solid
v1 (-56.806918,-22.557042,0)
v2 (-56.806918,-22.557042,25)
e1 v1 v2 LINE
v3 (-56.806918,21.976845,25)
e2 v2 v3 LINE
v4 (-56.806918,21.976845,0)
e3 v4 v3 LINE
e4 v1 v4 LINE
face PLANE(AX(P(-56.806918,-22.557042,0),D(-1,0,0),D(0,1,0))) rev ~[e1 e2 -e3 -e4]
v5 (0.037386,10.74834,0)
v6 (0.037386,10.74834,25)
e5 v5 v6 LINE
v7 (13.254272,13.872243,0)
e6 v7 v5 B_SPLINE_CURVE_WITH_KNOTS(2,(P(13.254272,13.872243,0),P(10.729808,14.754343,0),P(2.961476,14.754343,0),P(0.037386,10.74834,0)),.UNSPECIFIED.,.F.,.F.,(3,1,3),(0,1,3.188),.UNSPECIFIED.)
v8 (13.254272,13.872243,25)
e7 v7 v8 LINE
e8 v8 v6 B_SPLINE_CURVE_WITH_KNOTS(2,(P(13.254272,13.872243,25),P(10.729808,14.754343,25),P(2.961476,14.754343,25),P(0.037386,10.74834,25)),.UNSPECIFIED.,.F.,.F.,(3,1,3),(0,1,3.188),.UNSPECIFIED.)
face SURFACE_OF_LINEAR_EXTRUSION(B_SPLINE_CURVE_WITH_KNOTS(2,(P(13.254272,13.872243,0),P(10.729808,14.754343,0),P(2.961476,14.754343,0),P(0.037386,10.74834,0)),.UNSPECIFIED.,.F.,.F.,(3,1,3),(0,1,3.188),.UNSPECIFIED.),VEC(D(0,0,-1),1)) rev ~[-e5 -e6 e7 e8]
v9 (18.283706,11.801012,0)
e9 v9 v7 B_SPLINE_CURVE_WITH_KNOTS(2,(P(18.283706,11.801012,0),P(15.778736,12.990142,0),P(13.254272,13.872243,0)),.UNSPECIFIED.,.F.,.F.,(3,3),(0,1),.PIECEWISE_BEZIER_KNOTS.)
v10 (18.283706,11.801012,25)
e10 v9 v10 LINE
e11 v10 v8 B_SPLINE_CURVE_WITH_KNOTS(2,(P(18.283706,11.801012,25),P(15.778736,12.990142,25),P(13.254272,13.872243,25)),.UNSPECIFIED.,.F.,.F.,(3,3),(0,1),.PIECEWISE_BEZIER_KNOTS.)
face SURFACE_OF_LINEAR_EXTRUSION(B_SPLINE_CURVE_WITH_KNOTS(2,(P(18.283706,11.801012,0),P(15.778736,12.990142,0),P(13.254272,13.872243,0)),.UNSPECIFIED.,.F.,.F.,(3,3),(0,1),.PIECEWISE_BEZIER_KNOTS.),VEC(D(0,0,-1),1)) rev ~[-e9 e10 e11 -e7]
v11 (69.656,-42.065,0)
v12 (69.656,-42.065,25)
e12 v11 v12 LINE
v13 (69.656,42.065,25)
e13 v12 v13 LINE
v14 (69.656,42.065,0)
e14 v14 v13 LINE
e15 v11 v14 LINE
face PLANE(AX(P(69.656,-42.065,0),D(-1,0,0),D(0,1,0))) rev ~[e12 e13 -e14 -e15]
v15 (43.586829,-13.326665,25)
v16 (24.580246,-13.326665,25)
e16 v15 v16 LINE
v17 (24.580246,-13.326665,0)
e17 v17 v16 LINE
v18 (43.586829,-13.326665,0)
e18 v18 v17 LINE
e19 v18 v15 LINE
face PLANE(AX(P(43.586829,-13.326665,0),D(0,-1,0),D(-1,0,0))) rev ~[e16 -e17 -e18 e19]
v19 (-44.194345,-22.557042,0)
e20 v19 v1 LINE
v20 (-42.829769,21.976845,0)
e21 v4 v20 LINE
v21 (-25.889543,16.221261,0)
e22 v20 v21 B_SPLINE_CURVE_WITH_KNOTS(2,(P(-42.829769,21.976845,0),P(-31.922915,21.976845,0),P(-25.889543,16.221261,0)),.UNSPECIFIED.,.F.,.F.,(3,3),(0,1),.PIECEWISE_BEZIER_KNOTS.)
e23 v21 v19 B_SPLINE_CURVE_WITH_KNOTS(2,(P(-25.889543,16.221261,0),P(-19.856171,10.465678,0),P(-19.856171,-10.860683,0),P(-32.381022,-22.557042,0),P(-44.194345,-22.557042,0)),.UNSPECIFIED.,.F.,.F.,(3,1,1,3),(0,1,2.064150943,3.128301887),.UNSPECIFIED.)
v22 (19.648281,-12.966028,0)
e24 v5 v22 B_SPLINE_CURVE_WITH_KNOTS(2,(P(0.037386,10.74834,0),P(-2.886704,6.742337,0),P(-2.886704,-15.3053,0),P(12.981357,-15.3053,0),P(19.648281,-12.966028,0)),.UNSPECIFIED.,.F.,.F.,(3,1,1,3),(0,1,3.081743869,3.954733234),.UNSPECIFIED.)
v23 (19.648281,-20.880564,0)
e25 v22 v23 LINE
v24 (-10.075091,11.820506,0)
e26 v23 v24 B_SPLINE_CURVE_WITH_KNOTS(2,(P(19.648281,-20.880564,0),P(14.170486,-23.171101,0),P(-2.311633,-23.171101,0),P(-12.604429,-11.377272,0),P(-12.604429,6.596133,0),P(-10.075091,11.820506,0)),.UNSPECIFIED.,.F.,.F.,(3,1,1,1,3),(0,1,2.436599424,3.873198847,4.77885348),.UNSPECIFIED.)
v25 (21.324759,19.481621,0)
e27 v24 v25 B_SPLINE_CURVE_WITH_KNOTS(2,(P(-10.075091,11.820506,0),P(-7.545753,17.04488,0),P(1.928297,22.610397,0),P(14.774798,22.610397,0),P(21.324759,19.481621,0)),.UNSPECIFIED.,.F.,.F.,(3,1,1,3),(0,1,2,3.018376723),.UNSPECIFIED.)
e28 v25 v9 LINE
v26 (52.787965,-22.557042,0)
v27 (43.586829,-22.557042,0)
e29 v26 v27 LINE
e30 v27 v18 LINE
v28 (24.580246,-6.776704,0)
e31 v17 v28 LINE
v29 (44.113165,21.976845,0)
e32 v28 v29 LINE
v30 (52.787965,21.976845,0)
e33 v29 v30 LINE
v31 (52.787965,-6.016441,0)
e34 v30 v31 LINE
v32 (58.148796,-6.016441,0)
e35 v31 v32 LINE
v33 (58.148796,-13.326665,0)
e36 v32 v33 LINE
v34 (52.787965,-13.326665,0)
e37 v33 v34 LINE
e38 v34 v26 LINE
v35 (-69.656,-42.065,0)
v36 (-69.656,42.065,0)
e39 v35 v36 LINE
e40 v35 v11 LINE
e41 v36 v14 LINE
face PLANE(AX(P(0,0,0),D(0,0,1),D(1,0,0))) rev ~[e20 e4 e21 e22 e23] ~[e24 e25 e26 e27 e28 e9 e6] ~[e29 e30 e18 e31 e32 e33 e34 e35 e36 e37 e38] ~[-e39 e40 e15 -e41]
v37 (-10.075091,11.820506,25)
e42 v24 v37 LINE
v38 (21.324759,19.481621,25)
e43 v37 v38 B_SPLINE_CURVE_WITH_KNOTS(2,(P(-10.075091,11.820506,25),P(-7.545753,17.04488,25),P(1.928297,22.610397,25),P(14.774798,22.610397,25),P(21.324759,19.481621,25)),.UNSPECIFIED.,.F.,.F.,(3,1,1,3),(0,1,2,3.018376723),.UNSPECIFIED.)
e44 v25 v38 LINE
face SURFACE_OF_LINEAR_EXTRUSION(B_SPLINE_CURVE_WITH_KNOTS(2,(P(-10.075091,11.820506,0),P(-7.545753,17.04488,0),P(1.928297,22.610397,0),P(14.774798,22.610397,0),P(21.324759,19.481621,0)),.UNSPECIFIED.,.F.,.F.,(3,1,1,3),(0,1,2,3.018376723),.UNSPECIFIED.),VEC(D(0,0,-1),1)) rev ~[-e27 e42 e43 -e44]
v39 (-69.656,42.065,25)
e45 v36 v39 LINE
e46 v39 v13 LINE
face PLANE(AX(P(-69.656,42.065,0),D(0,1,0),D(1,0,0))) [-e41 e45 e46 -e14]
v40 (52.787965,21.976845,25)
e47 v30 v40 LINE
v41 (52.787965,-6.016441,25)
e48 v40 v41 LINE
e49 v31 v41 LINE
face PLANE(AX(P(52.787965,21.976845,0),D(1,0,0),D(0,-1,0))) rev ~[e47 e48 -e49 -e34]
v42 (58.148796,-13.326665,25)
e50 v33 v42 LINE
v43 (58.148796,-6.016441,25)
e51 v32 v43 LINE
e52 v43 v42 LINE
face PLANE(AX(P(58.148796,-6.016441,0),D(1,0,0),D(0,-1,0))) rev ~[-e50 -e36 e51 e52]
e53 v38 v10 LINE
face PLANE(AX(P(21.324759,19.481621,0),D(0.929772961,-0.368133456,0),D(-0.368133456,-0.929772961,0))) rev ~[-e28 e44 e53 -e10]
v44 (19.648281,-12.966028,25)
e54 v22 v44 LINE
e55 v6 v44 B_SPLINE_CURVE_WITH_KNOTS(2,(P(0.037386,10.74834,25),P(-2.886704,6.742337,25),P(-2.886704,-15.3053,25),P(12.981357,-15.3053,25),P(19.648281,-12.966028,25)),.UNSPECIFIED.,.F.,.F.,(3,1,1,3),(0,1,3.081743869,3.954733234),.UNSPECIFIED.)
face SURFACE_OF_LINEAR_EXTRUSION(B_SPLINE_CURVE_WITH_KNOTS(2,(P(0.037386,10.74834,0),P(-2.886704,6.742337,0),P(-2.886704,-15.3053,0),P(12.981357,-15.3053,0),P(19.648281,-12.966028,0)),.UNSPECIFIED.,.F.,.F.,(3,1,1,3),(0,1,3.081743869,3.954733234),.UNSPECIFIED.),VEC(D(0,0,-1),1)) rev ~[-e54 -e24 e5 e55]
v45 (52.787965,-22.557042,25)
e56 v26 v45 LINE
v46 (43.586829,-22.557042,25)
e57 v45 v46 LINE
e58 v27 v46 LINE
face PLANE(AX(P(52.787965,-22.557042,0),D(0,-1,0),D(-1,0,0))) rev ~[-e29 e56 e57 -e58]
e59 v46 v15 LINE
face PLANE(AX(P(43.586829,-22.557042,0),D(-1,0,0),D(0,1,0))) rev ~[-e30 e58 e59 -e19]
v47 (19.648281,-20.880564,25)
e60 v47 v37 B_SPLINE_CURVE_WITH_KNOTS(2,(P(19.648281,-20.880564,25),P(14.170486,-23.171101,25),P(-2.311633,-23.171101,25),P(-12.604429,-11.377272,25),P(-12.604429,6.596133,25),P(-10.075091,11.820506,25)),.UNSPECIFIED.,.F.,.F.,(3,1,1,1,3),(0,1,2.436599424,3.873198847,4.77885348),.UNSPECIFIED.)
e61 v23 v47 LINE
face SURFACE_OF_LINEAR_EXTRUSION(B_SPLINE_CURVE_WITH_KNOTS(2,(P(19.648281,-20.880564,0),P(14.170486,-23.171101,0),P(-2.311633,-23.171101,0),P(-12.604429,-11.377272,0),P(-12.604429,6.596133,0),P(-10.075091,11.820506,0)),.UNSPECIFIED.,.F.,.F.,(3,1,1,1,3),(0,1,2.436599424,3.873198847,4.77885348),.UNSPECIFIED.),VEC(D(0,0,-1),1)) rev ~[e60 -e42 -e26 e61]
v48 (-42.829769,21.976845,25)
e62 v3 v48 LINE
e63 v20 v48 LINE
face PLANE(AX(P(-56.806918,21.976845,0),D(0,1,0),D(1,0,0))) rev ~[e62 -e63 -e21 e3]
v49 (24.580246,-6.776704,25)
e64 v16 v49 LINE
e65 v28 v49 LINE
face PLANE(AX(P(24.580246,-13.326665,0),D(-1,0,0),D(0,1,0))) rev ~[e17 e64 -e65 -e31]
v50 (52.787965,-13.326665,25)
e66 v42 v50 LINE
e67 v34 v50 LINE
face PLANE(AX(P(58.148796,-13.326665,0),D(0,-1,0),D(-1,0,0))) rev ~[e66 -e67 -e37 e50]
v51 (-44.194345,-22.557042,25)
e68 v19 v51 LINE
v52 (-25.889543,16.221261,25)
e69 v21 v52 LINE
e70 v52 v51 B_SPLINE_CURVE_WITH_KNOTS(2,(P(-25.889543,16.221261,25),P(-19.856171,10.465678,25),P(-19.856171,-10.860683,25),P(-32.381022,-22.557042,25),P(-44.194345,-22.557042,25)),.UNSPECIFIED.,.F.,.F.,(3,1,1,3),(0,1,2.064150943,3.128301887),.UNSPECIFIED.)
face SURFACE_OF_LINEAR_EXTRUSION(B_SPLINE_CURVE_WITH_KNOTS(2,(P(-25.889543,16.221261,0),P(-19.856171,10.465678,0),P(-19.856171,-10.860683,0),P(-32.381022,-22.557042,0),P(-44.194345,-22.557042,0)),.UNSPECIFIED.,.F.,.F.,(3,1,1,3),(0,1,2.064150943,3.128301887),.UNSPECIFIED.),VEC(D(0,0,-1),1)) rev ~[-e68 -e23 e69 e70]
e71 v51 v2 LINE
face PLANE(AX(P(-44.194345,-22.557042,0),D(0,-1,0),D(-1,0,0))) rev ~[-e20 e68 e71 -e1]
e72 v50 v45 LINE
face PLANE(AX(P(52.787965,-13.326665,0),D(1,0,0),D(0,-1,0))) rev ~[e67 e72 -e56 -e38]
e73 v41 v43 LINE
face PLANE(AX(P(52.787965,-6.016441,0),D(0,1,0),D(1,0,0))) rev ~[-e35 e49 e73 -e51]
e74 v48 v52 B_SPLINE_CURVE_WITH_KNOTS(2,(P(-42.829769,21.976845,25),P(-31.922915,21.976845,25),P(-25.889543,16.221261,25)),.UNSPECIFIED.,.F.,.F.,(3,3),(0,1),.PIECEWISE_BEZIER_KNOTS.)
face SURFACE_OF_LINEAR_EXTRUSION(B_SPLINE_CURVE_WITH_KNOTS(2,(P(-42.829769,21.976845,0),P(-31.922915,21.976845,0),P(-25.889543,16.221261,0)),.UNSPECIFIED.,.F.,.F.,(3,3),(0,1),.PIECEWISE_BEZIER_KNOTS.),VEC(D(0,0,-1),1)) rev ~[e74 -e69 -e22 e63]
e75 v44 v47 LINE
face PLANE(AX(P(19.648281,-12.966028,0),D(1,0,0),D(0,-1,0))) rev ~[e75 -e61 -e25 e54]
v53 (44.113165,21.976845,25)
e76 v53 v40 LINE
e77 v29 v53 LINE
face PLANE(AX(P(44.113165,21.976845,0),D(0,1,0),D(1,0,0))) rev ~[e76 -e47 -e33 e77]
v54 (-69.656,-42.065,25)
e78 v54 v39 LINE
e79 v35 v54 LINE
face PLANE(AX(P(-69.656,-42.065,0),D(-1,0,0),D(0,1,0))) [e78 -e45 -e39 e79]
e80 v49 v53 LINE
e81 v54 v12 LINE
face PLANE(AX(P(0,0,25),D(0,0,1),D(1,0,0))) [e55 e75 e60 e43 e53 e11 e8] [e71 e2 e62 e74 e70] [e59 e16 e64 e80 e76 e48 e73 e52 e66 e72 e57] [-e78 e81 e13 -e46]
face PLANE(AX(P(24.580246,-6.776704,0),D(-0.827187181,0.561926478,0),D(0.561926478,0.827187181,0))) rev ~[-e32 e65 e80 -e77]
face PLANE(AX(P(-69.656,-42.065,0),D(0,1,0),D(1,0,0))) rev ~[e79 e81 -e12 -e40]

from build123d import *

# Parameters (mm, degrees)
F0_W     = 139.312
F0_H     = 84.13
F1_DEPTH = 25


with BuildPart() as f1:
    # F0 (on Top) → F1 (new body)
    with BuildSketch(Plane.XY):
        Rectangle(F0_W, F0_H)
        with BuildLine():
            add(Edge.make_bspline(
                [(-25.8895429555, 16.2212613242), (-19.8561711311, 10.4656780249), (-19.8561711311, 0.1338942869)],
                knots=[0, 0, 0, 1, 1, 1], degree=2))
            add(Edge.make_bspline(
                [(-19.8561711311, 0.1338942869), (-19.8561711311, -10.8606831248), (-26.1185966515, -16.7088625991)],
                knots=[0, 0, 0, 1, 1, 1], degree=2))
            add(Edge.make_bspline(
                [(-26.1185966515, -16.7088625991), (-32.381022172, -22.5570420735), (-44.1943447101, -22.5570420735)],
                knots=[0, 0, 0, 1, 1, 1], degree=2))
            Line((-44.1943447101, -22.5570420735), (-56.806918443, -22.5570420735))
            Line((-56.806918443, -22.5570420735), (-56.806918443, 21.9768446235))
            Line((-56.806918443, 21.9768446235), (-42.8297694994, 21.9768446235))
            add(Edge.make_bspline(
                [(-42.8297694994, 21.9768446235), (-31.9229147798, 21.9768446235), (-25.8895429555, 16.2212613242)],
                knots=[0, 0, 0, 1, 1, 1], degree=2))
        make_face(mode=Mode.SUBTRACT)
        with BuildLine():
            add(Edge.make_bspline(
                [(13.2542716593, 13.8722425686), (10.7298075196, 14.7543429727), (8.2930660719, 14.7543429727)],
                knots=[0, 0, 0, 1, 1, 1], degree=2))
            add(Edge.make_bspline(
                [(8.2930660719, 14.7543429727), (2.9614757845, 14.7543429727), (0.0373860474, 10.7483400328)],
                knots=[0, 0, 0, 1, 1, 1], degree=2))
            add(Edge.make_bspline(
                [(0.0373860474, 10.7483400328), (-2.8867036898, 6.7423370929), (-2.8867036898, -0.4119357974)],
                knots=[0, 0, 0, 1, 1, 1], degree=2))
            add(Edge.make_bspline(
                [(-2.8867036898, -0.4119357974), (-2.8867036898, -15.3052995253), (8.2930660719, -15.3052995253)],
                knots=[0, 0, 0, 1, 1, 1], degree=2))
            add(Edge.make_bspline(
                [(8.2930660719, -15.3052995253), (12.9813566172, -15.3052995253), (19.6482812179, -12.9660277356)],
                knots=[0, 0, 0, 1, 1, 1], degree=2))
            Line((19.6482812179, -12.9660277356), (19.6482812179, -20.8805639575))
            add(Edge.make_bspline(
                [(19.6482812179, -20.8805639575), (14.1704864436, -23.1711009183), (7.406092185, -23.1711009183)],
                knots=[0, 0, 0, 1, 1, 1], degree=2))
            add(Edge.make_bspline(
                [(7.406092185, -23.1711009183), (-2.3116327082, -23.1711009183), (-7.4580306456, -17.274186615)],
                knots=[0, 0, 0, 1, 1, 1], degree=2))
            add(Edge.make_bspline(
                [(-7.4580306456, -17.274186615), (-12.604428583, -11.3772723117), (-12.604428583, -0.3534540026)],
                knots=[0, 0, 0, 1, 1, 1], degree=2))
            add(Edge.make_bspline(
                [(-12.604428583, -0.3534540026), (-12.604428583, 6.596132606), (-10.0750909603, 11.8205062697)],
                knots=[0, 0, 0, 1, 1, 1], degree=2))
            add(Edge.make_bspline(
                [(-10.0750909603, 11.8205062697), (-7.5457533377, 17.0448799335), (-2.8087279635, 19.8276386667)],
                knots=[0, 0, 0, 1, 1, 1], degree=2))
            add(Edge.make_bspline(
                [(-2.8087279635, 19.8276386667), (1.9282974107, 22.6103973999), (8.2930660719, 22.6103973999)],
                knots=[0, 0, 0, 1, 1, 1], degree=2))
            add(Edge.make_bspline(
                [(8.2930660719, 22.6103973999), (14.7747983226, 22.6103973999), (21.3247593339, 19.4816213811)],
                knots=[0, 0, 0, 1, 1, 1], degree=2))
            Line((21.3247593339, 19.4816213811), (18.2837060072, 11.8010123382))
            add(Edge.make_bspline(
                [(18.2837060072, 11.8010123382), (15.7787357991, 12.9901421646), (13.2542716593, 13.8722425686)],
                knots=[0, 0, 0, 1, 1, 1], degree=2))
        make_face(mode=Mode.SUBTRACT)
        Polygon((58.1487960905, -6.0164411269), (58.1487960905, -13.3266654698), (52.7879649057, -13.3266654698), (52.7879649057, -22.5570420735), (43.5868291994, -22.5570420735), (43.5868291994, -13.3266654698), (24.5802459079, -13.3266654698), (24.5802459079, -6.7767044586), (44.1131653521, 21.9768446235), (52.7879649057, 21.9768446235), (52.7879649057, -6.0164411269), align=None, mode=Mode.SUBTRACT)
    extrude(amount=F1_DEPTH)


solid = f1.part
